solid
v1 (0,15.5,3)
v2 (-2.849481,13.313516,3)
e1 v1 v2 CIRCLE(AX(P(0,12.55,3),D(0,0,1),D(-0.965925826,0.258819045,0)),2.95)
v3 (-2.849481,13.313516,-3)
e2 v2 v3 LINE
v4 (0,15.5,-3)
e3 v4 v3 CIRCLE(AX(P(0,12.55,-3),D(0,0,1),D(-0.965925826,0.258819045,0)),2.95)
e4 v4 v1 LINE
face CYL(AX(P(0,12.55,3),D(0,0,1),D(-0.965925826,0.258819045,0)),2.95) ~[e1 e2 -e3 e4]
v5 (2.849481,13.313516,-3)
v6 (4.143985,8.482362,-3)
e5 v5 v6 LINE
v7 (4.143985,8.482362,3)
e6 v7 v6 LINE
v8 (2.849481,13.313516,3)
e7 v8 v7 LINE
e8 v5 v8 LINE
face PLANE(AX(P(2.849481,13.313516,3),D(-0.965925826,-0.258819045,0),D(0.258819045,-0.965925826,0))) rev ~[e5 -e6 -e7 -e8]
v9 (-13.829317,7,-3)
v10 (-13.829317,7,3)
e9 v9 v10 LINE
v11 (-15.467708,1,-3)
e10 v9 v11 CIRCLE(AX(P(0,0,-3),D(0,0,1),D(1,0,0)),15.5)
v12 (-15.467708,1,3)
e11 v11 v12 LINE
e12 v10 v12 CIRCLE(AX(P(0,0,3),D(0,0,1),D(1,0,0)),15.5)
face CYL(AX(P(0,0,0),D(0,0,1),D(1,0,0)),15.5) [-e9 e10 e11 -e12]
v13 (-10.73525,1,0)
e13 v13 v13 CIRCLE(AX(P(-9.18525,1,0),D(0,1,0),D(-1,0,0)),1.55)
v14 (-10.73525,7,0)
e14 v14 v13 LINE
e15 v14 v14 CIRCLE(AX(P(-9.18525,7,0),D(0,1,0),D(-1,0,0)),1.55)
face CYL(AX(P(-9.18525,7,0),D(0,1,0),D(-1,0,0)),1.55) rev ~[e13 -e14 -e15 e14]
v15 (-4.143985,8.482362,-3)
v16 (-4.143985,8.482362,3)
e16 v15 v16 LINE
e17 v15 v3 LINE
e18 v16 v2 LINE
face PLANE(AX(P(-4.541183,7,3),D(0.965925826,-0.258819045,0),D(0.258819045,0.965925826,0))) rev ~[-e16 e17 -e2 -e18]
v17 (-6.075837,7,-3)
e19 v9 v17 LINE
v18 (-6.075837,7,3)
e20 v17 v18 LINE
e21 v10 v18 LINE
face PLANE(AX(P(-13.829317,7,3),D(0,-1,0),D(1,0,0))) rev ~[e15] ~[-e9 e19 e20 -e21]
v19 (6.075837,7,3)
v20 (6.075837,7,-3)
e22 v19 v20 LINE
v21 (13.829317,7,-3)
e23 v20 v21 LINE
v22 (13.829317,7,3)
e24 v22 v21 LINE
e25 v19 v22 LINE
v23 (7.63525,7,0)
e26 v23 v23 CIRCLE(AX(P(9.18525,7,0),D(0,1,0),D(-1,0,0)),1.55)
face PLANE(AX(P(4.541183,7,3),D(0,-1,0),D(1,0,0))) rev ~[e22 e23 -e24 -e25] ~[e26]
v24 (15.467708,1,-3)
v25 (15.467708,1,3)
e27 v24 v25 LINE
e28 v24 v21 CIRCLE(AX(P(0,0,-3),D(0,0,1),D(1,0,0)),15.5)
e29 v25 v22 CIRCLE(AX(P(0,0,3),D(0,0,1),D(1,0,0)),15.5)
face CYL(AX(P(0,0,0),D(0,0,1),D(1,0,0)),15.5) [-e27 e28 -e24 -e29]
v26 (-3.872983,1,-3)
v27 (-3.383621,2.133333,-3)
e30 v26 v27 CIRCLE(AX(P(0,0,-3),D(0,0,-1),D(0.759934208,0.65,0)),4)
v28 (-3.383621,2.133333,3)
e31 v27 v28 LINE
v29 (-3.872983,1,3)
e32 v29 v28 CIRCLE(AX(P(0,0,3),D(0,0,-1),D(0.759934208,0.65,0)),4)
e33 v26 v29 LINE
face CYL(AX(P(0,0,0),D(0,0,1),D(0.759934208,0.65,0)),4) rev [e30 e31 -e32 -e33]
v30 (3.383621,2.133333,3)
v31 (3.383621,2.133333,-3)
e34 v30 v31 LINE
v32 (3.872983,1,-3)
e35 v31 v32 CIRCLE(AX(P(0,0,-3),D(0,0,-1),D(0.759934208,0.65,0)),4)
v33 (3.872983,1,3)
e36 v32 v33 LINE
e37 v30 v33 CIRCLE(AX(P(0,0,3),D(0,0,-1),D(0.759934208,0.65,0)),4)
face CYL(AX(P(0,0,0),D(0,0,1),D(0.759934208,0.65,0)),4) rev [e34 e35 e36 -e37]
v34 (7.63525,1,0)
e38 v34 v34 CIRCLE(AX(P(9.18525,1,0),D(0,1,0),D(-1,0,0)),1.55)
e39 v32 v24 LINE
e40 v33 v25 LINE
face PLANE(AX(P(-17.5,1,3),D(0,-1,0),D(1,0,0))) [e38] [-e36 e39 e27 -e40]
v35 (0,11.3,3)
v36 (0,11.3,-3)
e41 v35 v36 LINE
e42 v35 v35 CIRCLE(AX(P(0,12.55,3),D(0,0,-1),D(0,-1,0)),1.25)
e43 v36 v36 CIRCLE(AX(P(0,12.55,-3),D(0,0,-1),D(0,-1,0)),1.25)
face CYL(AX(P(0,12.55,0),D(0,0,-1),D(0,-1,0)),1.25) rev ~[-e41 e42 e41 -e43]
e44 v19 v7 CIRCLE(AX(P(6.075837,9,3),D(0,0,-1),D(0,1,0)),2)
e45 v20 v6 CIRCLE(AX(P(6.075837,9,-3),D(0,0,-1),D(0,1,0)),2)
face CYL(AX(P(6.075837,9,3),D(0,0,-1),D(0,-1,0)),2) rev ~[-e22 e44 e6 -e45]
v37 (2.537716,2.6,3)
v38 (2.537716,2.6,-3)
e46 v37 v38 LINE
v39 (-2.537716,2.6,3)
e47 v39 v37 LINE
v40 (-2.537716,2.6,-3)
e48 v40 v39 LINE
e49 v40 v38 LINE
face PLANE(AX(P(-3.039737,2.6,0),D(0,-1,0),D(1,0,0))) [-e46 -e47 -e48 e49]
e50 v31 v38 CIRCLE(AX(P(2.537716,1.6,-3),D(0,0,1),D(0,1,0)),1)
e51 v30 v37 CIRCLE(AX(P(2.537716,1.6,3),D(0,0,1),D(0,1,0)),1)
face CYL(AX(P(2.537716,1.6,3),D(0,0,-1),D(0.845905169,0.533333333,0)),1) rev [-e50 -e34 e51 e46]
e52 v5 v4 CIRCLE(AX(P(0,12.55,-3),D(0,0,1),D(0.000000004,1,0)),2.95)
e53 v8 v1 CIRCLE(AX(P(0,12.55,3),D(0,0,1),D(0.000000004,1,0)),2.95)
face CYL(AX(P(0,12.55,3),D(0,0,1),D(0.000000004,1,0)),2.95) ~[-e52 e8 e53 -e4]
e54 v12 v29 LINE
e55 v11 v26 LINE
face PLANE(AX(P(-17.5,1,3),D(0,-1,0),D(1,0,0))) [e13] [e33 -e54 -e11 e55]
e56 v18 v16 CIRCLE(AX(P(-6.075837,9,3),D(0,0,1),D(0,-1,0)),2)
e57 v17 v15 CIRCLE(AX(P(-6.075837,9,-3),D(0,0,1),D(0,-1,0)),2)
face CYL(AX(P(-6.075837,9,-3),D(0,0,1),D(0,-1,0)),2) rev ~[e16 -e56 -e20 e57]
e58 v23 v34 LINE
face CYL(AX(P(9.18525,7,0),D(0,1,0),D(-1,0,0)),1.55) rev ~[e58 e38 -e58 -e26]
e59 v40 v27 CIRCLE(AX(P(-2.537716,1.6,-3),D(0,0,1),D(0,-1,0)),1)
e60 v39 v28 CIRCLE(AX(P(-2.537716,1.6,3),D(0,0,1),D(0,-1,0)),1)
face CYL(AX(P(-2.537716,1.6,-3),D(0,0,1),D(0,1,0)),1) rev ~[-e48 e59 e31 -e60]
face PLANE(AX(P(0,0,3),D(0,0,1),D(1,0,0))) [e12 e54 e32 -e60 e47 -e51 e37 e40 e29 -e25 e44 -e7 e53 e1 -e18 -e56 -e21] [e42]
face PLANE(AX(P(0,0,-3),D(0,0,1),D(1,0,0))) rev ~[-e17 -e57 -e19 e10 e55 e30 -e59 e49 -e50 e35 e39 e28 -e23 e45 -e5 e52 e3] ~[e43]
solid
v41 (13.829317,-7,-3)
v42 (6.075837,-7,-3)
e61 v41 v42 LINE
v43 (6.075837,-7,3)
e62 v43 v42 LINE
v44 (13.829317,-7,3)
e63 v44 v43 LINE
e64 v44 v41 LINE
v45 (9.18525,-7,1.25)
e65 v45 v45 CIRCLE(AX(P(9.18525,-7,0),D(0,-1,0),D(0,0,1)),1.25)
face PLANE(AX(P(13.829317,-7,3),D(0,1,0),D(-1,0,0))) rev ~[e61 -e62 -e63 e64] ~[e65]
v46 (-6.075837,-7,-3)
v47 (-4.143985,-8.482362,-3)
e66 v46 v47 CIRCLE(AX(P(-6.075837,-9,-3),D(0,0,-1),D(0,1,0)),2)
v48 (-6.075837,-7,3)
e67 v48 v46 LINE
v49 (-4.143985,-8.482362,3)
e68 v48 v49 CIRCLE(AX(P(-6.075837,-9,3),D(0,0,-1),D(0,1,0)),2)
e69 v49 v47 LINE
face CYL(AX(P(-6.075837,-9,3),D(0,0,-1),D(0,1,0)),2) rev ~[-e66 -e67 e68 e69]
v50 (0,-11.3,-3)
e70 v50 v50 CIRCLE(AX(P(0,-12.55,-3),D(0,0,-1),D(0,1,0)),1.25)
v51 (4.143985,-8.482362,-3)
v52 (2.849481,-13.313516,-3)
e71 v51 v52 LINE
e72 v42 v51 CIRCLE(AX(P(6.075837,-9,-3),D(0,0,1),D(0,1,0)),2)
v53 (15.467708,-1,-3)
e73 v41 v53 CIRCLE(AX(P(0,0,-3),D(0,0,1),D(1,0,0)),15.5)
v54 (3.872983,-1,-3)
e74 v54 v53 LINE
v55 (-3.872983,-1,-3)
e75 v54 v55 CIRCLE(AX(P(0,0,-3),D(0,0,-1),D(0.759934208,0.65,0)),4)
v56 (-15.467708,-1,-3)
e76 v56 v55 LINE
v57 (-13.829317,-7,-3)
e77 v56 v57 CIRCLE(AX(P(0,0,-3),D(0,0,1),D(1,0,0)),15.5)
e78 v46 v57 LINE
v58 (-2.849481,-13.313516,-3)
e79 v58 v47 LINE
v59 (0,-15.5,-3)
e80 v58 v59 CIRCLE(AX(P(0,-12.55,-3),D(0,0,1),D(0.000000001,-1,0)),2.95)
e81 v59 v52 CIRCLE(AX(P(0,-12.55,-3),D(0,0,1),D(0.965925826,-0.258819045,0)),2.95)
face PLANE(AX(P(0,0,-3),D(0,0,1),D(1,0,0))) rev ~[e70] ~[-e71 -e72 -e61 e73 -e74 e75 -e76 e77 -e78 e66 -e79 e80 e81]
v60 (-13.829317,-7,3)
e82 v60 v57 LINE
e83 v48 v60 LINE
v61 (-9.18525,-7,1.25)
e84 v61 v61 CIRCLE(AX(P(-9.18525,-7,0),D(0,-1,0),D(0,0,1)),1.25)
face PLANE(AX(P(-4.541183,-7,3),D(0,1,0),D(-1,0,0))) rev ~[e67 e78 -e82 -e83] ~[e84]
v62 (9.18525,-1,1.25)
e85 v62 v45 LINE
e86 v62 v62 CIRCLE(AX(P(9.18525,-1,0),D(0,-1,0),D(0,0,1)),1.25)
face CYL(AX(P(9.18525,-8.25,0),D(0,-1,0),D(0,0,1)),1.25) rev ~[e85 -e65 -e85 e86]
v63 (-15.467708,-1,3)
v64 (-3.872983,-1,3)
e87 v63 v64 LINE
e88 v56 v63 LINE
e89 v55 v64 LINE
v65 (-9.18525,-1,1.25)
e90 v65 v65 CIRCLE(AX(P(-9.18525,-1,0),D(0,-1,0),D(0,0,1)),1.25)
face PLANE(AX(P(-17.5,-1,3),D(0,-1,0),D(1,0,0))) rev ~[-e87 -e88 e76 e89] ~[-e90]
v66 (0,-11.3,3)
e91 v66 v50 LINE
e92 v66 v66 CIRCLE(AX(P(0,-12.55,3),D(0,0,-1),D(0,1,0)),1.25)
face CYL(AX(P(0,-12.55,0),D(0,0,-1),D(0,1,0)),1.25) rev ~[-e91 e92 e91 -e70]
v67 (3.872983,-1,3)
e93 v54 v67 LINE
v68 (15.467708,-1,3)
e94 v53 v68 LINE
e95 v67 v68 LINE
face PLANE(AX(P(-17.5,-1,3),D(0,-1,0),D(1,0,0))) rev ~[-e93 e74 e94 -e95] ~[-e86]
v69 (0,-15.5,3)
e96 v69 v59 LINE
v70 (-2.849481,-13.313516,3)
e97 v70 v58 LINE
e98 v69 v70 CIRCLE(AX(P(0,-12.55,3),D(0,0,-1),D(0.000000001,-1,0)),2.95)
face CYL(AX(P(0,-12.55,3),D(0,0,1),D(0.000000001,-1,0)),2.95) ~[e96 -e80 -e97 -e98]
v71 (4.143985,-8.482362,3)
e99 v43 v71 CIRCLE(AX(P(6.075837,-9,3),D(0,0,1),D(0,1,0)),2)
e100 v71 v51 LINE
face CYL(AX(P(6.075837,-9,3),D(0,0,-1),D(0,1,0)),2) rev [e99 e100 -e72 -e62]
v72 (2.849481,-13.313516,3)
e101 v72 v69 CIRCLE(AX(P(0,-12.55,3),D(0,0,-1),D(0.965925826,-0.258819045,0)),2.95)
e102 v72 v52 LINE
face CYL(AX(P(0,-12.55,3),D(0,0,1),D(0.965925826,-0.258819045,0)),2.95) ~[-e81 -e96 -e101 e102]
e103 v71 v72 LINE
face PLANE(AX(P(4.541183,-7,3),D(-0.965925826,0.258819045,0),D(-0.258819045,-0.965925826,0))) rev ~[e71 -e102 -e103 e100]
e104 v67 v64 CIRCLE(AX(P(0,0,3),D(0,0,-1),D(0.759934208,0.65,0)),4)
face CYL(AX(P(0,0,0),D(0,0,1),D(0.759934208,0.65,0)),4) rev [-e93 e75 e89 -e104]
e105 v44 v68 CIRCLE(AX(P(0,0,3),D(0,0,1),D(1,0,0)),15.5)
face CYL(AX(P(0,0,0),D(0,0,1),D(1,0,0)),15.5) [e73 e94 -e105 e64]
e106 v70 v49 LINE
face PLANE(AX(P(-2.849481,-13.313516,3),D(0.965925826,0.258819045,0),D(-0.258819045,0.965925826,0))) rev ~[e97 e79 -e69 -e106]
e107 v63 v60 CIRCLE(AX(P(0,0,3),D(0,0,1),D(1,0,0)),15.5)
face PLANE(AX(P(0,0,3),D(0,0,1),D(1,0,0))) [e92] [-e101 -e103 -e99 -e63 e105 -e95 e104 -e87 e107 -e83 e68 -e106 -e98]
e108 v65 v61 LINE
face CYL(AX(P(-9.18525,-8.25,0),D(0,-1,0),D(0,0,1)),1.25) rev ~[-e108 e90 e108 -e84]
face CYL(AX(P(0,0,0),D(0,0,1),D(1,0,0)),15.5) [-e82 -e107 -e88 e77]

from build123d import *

# Parameters (mm, degrees)
SKETCH_1_R                  = 15.5
EXTRUDE_1_DEPTH             = 3
SKETCH_2_W                  = 35
SKETCH_2_H                  = 2
CUT_EXTRUDE_1_DEPTH         = 24
SKETCH_5_W                  = 1.25
SKETCH_5_H                  = 6
PATTERN_CIRCULAR_1_COUNT    = 2
CUT_EXTRUDE_2_DEPTH         = 54
SKETCH_8_R                  = 1.55
CUT_EXTRUDE_3_DEPTH         = 6
SKETCH_10_W                 = 1.25
SKETCH_10_H                 = 14.5
HOLE_WIZARD_M3_2_AT_2_COUNT = 2
HOLE_WIZARD_M3_2_AT_2_PITCH = 18.370499436
FILLET_2_R                  = 1
CUT_EXTRUDE_4_DEPTH         = 10
FILLET_1_R                  = 2
FILLET_3_R                  = 2


with BuildPart() as part:
    # 草图1 → 凸台-拉伸1 (new, symmetric)
    with BuildSketch(Plane.XY):
        Circle(SKETCH_1_R)
        with BuildLine():
            Line((-3.039736831, 2.6), (3.039736831, 2.6))
            ThreePointArc((3.039736831, 2.6), (0, -4), (-3.039736831, 2.6))
        make_face(mode=Mode.SUBTRACT)
    extrude(amount=EXTRUDE_1_DEPTH, both=True)

    # 草图2 → 切除-拉伸1 (cut, symmetric)
    with BuildSketch(Plane.XY.offset(3)):
        Rectangle(SKETCH_2_W, SKETCH_2_H)
    extrude(amount=CUT_EXTRUDE_1_DEPTH, both=True, mode=Mode.SUBTRACT)


with BuildPart() as cut_extrude_1_piece_1:
    # of the separate pieces the step leaves, piece 1, a body of its own (cut_extrude_1_pieces)
    add(part.part.solids().sort_by_distance((15.467708298, 1, -3))[0])

    # 草图5 → M3 螺纹孔1 (revolve, cut)
    with BuildSketch(Plane(origin=(0, 12.55, 3), x_dir=(0, -1, 0), z_dir=(1, 0, 0))):
        with Locations((0.625, 3)):
            Rectangle(SKETCH_5_W, SKETCH_5_H)
    hole_wizard_m3_1 = revolve(axis=Axis((0, 12.55, 9.35), (0, 0, -1)), mode=Mode.SUBTRACT)

    # 草图7 → 切除-拉伸2 (cut, symmetric)
    with BuildSketch(Plane.XY.offset(3)):
        with BuildLine():
            ThreePointArc((1.3e-08, 15.5), (-8.116341535, 13.20511265), (-13.829316686, 7))
            Line((-13.829316686, 7), (-4.54118275, 7))
            Line((-4.54118275, 7), (-2.849481188, 13.313516183))
            ThreePointArc((-2.849481188, 13.313516183), (-1.79584621, 14.890392358), (1.3e-08, 15.5))
        make_face()
        with BuildLine():
            ThreePointArc((13.829316686, 7), (8.116341546, 13.205112643), (1.3e-08, 15.5))
            ThreePointArc((1.3e-08, 15.5), (1.795846221, 14.89039235), (2.849481188, 13.313516183))
            Line((2.849481188, 13.313516183), (4.54118275, 7))
            Line((4.54118275, 7), (13.829316686, 7))
        make_face()
    extrude(amount=CUT_EXTRUDE_2_DEPTH, both=True, mode=Mode.SUBTRACT)

    # 草图8 → 切除-拉伸3 (cut)
    with BuildSketch(Plane(origin=(0, 7, 0), x_dir=(1, 0, 0), z_dir=(0, 1, 0))):
        with Locations(Location((-9.185249718, 0, 0), (0, 0, 180))):
            Circle(SKETCH_8_R)
        with Locations(Location((9.185249718, 0, 0), (0, 0, 180))):
            Circle(SKETCH_8_R)
    extrude(amount=-CUT_EXTRUDE_3_DEPTH, mode=Mode.SUBTRACT)

    # 圆角2
    fillet_2_edges = [cut_extrude_1_piece_1.edges().sort_by_distance(p)[0] for p in [
        (3.039736831, 2.6, 0),
        (-3.039736831, 2.6, 0),
    ]]
    fillet(fillet_2_edges, radius=FILLET_2_R)

    # 圆角1
    fillet_1_edges = [cut_extrude_1_piece_1.edges().sort_by_distance(p)[0] for p in [
        (-4.54118275, 7, 0),
        (4.54118275, 7, 0),
    ]]
    fillet(fillet_1_edges, radius=FILLET_1_R)


with BuildPart() as cut_extrude_1_piece_2:
    # of the separate pieces the step leaves, piece 2, a body of its own (cut_extrude_1_pieces)
    add(part.part.solids().sort_by_distance((-15.467708298, -1, -3))[0])

    # 阵列(圆周)1: M3 螺纹孔1 ×2 about axis
    pattern_circular_1_axis = Axis((0, 0, 0), (0, 0, 1))
    for i in range(1, PATTERN_CIRCULAR_1_COUNT):
        add(hole_wizard_m3_1.rotate(pattern_circular_1_axis, i * 360 / PATTERN_CIRCULAR_1_COUNT), mode=Mode.SUBTRACT)

    # 草图10 → M3 螺纹孔2 (revolve, cut)
    with BuildSketch(Plane(origin=(-9.185249718, -1, 0), x_dir=(0, 0, 1), z_dir=(1, 0, 0))):
        with Locations((0.625, 7.25)):
            Rectangle(SKETCH_10_W, SKETCH_10_H)
    hole_wizard_m3_2 = revolve(axis=Axis((-9.185249718, 5.35, 0), (0, -1, 0)), mode=Mode.SUBTRACT)

    # M3 螺纹孔2 at 2: M3 螺纹孔2 ×2
    with Locations(*[(i * HOLE_WIZARD_M3_2_AT_2_PITCH, 0, 0) for i in range(1, HOLE_WIZARD_M3_2_AT_2_COUNT)]):
        add(hole_wizard_m3_2, mode=Mode.SUBTRACT)

    # 草图12 → 切除-拉伸4 (cut)
    with BuildSketch(Plane.XY.offset(3)):
        with BuildLine():
            ThreePointArc((-13.829316686, -7), (-8.116341539, -13.205112647), (3e-09, -15.5))
            ThreePointArc((3e-09, -15.5), (-1.795846214, -14.890392355), (-2.849481188, -13.313516183))
            Line((-2.849481188, -13.313516183), (-4.54118275, -7))
            Line((-4.54118275, -7), (-13.829316686, -7))
        make_face()
        with BuildLine():
            ThreePointArc((3e-09, -15.5), (8.116341542, -13.205112645), (13.829316686, -7))
            Line((13.829316686, -7), (4.54118275, -7))
            Line((4.54118275, -7), (2.849481188, -13.313516183))
            ThreePointArc((2.849481188, -13.313516183), (1.795846217, -14.890392353), (3e-09, -15.5))
        make_face()
    extrude(amount=-CUT_EXTRUDE_4_DEPTH, mode=Mode.SUBTRACT)

    # 圆角3
    fillet_3_edges = [cut_extrude_1_piece_2.edges().sort_by_distance(p)[0] for p in [
        (-4.54118275, -7, 0),
        (4.54118275, -7, 0),
    ]]
    fillet(fillet_3_edges, radius=FILLET_3_R)


solid = Compound([cut_extrude_1_piece_1.part, cut_extrude_1_piece_2.part])
